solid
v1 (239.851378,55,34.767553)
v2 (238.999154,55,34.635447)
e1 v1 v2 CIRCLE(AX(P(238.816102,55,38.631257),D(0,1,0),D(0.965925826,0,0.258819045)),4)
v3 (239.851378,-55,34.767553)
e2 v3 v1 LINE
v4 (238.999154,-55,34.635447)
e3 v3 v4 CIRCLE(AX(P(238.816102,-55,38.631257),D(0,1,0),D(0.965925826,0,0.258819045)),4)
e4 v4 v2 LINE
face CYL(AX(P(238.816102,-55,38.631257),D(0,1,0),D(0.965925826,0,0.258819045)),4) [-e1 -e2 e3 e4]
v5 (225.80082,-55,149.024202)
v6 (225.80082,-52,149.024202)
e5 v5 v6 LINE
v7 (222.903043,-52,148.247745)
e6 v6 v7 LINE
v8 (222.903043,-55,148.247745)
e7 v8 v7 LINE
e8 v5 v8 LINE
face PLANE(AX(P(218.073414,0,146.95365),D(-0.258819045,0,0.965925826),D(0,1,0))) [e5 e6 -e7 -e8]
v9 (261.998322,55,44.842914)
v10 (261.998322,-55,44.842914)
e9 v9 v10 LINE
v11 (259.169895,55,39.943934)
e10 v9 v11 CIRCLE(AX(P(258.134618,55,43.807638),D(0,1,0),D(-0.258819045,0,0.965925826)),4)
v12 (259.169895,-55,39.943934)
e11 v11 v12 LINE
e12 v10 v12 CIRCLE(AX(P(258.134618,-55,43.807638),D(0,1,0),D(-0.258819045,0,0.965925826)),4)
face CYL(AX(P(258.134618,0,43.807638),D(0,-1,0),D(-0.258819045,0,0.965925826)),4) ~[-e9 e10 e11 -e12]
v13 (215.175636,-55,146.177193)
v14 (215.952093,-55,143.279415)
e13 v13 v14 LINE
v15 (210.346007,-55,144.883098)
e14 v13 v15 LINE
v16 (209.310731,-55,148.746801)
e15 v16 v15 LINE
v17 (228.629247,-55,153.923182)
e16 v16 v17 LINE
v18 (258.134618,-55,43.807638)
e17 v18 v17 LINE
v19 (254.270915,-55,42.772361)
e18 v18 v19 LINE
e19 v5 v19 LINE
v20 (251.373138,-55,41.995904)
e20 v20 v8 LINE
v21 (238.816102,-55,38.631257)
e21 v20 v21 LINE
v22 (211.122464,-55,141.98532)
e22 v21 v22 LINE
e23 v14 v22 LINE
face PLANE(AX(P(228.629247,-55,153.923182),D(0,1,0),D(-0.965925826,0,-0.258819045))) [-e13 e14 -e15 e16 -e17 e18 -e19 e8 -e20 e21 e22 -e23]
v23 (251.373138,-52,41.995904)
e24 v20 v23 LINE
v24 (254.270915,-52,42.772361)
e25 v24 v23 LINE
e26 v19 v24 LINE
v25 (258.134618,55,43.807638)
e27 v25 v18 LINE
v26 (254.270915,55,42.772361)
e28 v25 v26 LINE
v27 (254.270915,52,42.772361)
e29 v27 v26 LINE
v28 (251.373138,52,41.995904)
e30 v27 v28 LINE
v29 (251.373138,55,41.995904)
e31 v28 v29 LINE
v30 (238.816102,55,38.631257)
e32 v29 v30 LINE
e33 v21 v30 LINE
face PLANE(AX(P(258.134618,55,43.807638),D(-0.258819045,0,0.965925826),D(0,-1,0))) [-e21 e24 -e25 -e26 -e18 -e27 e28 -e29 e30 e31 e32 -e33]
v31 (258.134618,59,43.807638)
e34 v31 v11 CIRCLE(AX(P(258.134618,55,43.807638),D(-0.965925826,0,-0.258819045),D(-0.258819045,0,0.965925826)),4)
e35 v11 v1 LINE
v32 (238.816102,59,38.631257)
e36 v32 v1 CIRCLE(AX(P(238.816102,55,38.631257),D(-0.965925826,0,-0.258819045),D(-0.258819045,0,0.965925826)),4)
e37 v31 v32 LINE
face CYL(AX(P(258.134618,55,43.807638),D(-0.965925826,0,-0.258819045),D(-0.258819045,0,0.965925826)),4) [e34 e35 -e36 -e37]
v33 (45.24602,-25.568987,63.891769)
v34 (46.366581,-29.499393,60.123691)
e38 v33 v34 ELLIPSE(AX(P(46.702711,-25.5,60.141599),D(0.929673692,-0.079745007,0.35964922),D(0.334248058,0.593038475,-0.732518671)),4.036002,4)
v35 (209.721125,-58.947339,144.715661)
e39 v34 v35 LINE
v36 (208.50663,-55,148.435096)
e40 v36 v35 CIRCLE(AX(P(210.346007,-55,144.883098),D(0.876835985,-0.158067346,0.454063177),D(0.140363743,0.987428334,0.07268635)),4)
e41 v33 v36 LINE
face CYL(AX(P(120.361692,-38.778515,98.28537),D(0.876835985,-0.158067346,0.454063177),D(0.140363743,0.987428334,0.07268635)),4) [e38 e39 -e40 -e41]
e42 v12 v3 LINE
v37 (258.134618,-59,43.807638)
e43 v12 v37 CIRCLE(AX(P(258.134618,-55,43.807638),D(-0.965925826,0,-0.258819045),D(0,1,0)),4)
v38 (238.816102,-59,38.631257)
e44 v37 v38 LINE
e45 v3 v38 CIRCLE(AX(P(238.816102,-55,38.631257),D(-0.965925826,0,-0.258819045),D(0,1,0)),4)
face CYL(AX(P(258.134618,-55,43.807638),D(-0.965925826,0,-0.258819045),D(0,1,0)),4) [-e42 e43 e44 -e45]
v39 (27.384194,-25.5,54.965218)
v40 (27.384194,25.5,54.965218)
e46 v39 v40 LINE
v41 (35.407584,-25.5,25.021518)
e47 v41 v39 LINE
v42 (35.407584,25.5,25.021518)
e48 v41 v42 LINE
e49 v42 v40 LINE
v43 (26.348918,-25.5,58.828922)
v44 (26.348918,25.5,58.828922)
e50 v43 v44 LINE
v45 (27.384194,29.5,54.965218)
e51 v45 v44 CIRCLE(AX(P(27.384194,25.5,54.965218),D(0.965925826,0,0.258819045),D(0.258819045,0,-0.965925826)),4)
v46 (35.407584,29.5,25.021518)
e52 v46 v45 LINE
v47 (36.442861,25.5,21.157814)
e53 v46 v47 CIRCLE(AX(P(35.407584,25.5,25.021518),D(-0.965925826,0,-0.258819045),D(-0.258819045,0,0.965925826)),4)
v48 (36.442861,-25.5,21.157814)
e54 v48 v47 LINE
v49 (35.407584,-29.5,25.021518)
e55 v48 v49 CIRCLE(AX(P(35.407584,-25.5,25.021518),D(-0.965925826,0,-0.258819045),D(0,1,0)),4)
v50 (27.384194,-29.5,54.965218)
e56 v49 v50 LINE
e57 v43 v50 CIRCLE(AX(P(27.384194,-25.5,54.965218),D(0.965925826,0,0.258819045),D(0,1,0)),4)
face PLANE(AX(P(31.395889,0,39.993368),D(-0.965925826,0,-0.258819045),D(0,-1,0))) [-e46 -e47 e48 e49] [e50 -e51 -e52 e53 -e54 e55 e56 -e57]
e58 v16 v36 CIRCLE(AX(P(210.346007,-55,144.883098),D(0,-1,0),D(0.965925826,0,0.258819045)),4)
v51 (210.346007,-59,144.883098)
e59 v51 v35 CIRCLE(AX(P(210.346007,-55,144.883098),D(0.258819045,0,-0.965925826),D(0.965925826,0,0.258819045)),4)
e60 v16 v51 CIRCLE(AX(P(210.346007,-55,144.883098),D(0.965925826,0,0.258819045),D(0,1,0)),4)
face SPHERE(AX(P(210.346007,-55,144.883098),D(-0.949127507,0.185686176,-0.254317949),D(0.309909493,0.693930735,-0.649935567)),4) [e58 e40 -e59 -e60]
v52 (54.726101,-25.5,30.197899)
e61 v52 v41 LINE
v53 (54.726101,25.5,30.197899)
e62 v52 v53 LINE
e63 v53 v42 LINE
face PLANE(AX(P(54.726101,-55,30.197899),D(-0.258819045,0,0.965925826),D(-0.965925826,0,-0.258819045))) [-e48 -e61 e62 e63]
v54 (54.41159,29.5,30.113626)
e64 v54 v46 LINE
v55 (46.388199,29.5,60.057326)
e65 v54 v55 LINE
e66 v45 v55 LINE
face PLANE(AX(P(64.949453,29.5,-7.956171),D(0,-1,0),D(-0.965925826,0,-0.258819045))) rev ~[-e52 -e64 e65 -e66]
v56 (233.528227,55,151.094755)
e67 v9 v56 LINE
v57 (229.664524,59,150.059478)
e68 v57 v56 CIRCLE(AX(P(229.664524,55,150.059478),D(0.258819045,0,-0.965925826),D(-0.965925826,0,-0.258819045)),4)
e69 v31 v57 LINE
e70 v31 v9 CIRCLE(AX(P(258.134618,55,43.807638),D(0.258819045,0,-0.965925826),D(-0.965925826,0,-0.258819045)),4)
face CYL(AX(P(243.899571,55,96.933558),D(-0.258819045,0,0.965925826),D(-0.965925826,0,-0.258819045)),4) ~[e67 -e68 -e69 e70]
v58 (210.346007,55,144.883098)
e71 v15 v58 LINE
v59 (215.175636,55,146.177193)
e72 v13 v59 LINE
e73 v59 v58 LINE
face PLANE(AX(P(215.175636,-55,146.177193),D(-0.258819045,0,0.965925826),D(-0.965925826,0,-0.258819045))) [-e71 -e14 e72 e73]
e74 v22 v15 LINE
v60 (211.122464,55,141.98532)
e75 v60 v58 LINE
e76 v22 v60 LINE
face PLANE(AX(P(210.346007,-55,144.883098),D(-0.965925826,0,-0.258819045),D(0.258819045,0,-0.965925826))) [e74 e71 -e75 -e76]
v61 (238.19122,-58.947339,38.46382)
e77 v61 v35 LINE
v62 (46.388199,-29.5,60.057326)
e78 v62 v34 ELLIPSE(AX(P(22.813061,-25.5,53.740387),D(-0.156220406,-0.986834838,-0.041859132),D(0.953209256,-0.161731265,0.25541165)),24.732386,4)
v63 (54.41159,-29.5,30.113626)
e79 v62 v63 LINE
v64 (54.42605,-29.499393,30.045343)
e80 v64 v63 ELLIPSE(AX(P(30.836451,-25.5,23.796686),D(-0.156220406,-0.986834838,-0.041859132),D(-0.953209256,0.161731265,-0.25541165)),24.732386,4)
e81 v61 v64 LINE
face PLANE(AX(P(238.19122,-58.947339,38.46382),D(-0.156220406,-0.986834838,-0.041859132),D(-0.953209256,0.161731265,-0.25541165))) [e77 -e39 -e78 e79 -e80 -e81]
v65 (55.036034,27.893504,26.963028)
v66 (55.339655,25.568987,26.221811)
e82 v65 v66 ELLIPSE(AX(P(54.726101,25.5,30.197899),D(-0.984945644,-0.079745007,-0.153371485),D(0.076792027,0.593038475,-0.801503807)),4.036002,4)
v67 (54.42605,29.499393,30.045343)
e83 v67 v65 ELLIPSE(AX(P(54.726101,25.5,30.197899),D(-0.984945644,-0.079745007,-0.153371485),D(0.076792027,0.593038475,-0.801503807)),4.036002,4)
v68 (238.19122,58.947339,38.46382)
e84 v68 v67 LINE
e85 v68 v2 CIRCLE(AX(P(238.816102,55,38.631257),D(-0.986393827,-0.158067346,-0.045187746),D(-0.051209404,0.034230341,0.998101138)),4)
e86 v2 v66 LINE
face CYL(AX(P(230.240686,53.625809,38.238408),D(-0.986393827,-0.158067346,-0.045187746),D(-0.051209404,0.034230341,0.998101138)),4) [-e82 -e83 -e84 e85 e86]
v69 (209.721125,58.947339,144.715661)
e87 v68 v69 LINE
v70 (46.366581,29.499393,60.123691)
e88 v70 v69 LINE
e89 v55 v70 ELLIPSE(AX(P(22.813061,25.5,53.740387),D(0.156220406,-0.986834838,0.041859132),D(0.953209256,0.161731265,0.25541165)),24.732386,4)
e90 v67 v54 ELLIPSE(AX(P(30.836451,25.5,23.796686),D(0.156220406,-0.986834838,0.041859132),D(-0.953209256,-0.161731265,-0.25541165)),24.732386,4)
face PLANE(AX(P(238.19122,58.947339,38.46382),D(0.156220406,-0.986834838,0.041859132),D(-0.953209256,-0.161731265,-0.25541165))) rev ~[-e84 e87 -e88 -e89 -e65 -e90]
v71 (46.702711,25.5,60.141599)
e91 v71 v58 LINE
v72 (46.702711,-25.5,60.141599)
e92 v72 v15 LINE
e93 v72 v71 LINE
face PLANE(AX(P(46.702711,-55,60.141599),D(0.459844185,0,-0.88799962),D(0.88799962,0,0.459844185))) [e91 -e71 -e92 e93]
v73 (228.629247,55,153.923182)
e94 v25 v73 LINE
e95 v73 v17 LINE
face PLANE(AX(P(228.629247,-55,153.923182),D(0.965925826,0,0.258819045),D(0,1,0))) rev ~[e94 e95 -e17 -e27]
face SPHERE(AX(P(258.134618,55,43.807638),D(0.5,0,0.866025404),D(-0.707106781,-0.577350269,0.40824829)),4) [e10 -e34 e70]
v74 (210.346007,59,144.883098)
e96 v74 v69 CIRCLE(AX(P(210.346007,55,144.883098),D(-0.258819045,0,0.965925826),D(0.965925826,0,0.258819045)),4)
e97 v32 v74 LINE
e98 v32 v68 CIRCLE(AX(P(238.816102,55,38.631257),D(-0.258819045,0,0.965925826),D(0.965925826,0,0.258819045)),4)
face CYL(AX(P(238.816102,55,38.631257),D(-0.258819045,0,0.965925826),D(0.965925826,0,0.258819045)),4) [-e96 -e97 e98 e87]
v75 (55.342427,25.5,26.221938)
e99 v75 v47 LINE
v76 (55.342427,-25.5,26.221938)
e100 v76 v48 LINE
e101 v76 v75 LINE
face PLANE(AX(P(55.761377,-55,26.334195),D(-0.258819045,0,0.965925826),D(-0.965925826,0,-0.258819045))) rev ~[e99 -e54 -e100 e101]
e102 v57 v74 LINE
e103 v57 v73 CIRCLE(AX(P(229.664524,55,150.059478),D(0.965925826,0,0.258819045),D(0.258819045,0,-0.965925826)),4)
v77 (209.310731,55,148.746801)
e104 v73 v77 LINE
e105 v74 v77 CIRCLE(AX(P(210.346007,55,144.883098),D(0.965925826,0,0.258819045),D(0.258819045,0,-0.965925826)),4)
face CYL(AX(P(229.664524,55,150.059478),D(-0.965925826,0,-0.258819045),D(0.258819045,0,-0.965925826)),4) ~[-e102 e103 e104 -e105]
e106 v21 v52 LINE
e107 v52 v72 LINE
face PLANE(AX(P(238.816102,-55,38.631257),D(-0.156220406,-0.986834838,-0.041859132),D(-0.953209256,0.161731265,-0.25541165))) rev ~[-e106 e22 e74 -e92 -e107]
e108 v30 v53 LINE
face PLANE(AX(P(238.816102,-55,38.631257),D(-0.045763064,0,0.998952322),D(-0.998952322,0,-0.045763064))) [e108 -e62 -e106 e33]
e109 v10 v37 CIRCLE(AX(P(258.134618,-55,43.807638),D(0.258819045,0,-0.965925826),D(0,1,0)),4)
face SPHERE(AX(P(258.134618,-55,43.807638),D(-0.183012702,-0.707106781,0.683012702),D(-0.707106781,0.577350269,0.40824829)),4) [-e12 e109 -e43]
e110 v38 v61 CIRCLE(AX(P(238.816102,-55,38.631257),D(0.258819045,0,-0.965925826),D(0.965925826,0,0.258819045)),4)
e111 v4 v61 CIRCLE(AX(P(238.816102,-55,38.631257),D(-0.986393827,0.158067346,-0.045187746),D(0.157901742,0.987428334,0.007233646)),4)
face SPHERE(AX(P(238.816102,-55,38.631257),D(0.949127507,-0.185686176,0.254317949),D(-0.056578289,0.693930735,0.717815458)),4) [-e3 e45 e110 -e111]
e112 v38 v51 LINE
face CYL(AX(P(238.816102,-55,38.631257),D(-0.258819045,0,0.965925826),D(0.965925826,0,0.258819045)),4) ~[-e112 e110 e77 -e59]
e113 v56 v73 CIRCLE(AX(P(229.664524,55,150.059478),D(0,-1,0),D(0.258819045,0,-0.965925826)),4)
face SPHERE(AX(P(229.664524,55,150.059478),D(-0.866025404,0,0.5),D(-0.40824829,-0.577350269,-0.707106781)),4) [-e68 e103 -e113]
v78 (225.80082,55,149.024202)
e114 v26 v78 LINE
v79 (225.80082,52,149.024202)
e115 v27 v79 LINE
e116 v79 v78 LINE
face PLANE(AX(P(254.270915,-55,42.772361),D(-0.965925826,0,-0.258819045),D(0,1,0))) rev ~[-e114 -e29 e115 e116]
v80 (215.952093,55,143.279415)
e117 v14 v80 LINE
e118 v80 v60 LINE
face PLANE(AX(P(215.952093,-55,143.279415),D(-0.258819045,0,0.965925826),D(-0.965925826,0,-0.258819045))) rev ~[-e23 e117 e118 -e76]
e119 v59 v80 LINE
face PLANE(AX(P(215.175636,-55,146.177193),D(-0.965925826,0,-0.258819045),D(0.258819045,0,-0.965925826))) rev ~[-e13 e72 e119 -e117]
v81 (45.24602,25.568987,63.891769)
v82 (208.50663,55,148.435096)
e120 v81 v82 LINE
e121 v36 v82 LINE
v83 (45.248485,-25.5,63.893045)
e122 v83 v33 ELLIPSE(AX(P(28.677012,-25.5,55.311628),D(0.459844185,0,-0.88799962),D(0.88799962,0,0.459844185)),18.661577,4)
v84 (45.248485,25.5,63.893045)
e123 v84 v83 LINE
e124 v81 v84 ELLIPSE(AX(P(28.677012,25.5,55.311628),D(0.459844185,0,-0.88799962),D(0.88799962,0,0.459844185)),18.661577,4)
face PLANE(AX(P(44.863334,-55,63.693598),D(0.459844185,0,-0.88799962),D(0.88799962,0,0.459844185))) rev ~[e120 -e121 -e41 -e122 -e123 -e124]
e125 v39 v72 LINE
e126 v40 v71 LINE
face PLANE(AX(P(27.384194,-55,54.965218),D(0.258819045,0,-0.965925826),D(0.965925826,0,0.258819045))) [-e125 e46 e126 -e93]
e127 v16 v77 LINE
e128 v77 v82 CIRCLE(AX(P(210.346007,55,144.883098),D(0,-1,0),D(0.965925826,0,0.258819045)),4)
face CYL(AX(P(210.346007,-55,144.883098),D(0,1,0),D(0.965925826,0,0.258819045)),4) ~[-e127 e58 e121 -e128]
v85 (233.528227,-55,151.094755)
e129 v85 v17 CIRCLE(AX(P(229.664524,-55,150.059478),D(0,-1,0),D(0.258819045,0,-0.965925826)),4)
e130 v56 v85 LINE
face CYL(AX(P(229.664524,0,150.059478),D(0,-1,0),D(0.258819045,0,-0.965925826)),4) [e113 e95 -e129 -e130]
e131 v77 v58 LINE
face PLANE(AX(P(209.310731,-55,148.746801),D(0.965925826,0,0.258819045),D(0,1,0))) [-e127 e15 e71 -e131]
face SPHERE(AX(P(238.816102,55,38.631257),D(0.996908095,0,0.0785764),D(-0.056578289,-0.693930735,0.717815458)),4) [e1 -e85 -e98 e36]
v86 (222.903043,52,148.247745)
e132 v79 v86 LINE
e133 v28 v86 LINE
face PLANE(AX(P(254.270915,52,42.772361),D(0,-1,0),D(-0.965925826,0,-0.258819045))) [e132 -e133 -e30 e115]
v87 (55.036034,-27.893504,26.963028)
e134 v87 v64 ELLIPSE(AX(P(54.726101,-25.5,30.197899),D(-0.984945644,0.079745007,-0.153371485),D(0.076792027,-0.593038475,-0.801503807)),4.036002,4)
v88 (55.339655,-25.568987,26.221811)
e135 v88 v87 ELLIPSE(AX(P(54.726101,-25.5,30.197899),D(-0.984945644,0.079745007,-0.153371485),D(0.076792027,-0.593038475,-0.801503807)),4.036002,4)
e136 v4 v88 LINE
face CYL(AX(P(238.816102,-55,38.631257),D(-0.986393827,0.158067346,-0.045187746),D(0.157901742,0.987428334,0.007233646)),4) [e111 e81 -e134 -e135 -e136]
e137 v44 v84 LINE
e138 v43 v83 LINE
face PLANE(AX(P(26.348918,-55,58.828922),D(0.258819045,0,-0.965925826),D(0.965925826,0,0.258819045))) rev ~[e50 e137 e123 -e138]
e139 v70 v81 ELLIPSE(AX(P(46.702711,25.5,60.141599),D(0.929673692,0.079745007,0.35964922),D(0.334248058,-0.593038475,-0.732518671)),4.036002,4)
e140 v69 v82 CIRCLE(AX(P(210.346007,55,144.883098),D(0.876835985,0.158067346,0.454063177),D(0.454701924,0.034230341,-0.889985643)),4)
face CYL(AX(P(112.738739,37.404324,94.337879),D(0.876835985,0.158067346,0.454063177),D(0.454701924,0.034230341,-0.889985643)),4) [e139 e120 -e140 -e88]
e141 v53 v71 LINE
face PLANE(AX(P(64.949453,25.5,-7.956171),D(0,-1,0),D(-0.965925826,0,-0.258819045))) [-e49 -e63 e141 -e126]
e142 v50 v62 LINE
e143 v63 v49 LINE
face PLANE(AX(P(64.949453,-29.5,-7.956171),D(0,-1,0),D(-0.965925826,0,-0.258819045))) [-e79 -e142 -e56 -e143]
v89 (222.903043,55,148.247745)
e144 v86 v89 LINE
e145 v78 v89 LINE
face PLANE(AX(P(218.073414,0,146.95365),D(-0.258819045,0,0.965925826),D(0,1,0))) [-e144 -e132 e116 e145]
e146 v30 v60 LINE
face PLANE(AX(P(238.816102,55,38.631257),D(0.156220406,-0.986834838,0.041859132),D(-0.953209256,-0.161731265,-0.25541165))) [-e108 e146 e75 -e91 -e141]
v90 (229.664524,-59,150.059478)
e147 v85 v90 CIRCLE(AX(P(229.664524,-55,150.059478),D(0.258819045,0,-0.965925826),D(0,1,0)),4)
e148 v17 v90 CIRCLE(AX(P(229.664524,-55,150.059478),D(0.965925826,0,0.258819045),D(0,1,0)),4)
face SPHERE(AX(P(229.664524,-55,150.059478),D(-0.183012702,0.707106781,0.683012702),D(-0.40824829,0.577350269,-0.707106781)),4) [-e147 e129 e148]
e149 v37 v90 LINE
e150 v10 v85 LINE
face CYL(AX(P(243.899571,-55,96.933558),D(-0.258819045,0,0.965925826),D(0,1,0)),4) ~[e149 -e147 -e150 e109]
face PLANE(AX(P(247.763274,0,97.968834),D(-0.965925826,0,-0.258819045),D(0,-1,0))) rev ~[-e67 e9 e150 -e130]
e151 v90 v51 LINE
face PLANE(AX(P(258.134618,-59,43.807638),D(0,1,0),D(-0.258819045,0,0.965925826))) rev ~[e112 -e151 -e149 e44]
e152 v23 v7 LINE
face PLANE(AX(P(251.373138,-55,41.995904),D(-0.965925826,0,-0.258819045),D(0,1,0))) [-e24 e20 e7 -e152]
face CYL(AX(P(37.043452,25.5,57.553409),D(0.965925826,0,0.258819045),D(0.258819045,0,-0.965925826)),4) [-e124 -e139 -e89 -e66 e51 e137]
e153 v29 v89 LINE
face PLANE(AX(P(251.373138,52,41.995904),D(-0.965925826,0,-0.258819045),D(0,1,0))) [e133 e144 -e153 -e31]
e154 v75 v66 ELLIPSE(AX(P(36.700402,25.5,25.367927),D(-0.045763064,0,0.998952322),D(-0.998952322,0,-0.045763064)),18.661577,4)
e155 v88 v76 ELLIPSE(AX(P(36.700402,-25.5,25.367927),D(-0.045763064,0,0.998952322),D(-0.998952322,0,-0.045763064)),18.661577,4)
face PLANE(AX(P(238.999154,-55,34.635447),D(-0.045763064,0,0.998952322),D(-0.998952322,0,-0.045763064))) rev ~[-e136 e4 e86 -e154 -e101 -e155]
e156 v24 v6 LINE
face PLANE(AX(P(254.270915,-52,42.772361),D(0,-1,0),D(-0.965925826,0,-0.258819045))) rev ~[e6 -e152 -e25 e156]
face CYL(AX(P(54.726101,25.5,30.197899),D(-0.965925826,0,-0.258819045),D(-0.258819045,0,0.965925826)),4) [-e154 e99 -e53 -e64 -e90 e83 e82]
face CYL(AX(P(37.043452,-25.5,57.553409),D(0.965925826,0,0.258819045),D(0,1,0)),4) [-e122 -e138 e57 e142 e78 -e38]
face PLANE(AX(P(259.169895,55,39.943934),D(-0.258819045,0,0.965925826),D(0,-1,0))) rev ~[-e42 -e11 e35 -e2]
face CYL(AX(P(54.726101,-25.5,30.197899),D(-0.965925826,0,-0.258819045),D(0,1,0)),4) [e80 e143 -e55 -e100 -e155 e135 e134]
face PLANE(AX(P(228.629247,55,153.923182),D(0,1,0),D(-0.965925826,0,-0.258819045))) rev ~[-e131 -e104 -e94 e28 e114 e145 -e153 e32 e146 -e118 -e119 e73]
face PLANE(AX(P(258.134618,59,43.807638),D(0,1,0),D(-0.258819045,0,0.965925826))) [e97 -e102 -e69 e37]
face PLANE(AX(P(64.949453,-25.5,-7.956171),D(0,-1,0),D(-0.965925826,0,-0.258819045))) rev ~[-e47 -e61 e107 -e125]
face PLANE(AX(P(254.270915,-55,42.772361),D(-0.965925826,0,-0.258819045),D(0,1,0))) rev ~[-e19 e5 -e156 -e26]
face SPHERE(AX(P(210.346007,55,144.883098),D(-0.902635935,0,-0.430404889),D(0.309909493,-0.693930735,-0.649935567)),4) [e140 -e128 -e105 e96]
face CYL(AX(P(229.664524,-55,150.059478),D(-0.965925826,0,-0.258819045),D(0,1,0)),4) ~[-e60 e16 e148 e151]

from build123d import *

# Parameters (mm, degrees)
SKETCH037_W             = 110
SKETCH037_H             = 110
PAD002_DEPTH            = 220
POCKET012_DEPTH         = 158
POCKET001_DEPTH         = 158
THICKNESS001_T          = 4
SKETCH014_W             = 110
SKETCH014_H             = 4
POCKET013_DEPTH         = 4
SKETCH016_W             = 3
SKETCH016_H             = 3
PAD022_DEPTH            = 110
SKETCH018_W             = 110
SKETCH018_H             = 16
POCKET014_DEPTH         = 4
SKETCH019_W             = 3
SKETCH019_H             = 5
PAD007_DEPTH            = 110
BODY007_ROLL_ANGLE      = 105
BODY007_PLACEMENT_ANGLE = -90


with BuildPart() as part:
    # Sketch037 → Pad002 (new body)
    with BuildSketch(Plane.XY):
        Rectangle(SKETCH037_W, SKETCH037_H)
    extrude(amount=PAD002_DEPTH)

    # Sketch038 (on Face3 of Pad002) → Pocket012 (cut)
    with BuildSketch(Plane.XZ.offset(55)):
        Polygon((-55, 20), (-25.5, 200), (-25.5, 220), (-55, 220), align=None)
        Polygon((25.5, 220), (55, 220), (55, 20), (25.5, 200), align=None)
    extrude(amount=-POCKET012_DEPTH, mode=Mode.SUBTRACT)

    # Sketch008 (on DatumPlane) → Pocket001 (cut)
    with BuildSketch(Plane.YZ.offset(55)):
        Polygon((-55, 20), (-15.5, 200), (-15.5, 220), (-55, 220), align=None)
        Polygon((15.5, 220), (15.5, 200), (55, 20), (55, 220), align=None)
    extrude(amount=-POCKET001_DEPTH, mode=Mode.SUBTRACT)

    # Thickness001
    thickness001_openings = [part.faces().sort_by_distance(p)[0] for p in [
        (0, 0, 220),
    ]]
    offset(amount=THICKNESS001_T, openings=thickness001_openings)

    # Sketch014 (on Face42 of Thickness001) → Pocket013 (cut)
    with BuildSketch(Plane(origin=(0, 59, 0), x_dir=(-1, 0, 0), z_dir=(0, 1, 0))):
        with Locations((0, 2)):
            Rectangle(SKETCH014_W, SKETCH014_H)
    extrude(amount=-POCKET013_DEPTH, mode=Mode.SUBTRACT)

    # Sketch016 (on Face35 of Pocket013) → Pad022 (join)
    with BuildSketch(Plane(origin=(0, -55, 0), x_dir=(-1, 0, 0), z_dir=(0, 1, 0))):
        with Locations((-53.5, 5.5)):
            Rectangle(SKETCH016_W, SKETCH016_H)
        with Locations((53.5, 5.5)):
            Rectangle(SKETCH016_W, SKETCH016_H)
    extrude(amount=PAD022_DEPTH)

    # Sketch018 (on Face36 of Pad022) → Pocket014 (cut)
    with BuildSketch(Plane(origin=(0, 59, 0), x_dir=(-1, 0, 0), z_dir=(0, 1, 0))):
        with Locations((0, 12)):
            Rectangle(SKETCH018_W, SKETCH018_H)
    extrude(amount=-POCKET014_DEPTH, mode=Mode.SUBTRACT)

    # Sketch019 (on Face49 of Pocket014) → Pad007 (join)
    with BuildSketch(Plane(origin=(55, 0, 0), x_dir=(0, -1, 0), z_dir=(-1, 0, 0))):
        with Locations((-53.5, 17.5)):
            Rectangle(SKETCH019_W, SKETCH019_H)
    extrude(amount=PAD007_DEPTH)


with BuildPart() as part_1:
    # Body007 roll: moved
    add(part.part.rotate(Axis((0, 0, 0), (1, 0, 0)), BODY007_ROLL_ANGLE))


with BuildPart() as part_2:
    # Body007 placement: moved
    add(part_1.part.moved(Location((243.899571, 0, 96.933558))).rotate(Axis((243.899571, 0, 96.933558), (0, 0, 1)), BODY007_PLACEMENT_ANGLE))


solid = part_2.part
